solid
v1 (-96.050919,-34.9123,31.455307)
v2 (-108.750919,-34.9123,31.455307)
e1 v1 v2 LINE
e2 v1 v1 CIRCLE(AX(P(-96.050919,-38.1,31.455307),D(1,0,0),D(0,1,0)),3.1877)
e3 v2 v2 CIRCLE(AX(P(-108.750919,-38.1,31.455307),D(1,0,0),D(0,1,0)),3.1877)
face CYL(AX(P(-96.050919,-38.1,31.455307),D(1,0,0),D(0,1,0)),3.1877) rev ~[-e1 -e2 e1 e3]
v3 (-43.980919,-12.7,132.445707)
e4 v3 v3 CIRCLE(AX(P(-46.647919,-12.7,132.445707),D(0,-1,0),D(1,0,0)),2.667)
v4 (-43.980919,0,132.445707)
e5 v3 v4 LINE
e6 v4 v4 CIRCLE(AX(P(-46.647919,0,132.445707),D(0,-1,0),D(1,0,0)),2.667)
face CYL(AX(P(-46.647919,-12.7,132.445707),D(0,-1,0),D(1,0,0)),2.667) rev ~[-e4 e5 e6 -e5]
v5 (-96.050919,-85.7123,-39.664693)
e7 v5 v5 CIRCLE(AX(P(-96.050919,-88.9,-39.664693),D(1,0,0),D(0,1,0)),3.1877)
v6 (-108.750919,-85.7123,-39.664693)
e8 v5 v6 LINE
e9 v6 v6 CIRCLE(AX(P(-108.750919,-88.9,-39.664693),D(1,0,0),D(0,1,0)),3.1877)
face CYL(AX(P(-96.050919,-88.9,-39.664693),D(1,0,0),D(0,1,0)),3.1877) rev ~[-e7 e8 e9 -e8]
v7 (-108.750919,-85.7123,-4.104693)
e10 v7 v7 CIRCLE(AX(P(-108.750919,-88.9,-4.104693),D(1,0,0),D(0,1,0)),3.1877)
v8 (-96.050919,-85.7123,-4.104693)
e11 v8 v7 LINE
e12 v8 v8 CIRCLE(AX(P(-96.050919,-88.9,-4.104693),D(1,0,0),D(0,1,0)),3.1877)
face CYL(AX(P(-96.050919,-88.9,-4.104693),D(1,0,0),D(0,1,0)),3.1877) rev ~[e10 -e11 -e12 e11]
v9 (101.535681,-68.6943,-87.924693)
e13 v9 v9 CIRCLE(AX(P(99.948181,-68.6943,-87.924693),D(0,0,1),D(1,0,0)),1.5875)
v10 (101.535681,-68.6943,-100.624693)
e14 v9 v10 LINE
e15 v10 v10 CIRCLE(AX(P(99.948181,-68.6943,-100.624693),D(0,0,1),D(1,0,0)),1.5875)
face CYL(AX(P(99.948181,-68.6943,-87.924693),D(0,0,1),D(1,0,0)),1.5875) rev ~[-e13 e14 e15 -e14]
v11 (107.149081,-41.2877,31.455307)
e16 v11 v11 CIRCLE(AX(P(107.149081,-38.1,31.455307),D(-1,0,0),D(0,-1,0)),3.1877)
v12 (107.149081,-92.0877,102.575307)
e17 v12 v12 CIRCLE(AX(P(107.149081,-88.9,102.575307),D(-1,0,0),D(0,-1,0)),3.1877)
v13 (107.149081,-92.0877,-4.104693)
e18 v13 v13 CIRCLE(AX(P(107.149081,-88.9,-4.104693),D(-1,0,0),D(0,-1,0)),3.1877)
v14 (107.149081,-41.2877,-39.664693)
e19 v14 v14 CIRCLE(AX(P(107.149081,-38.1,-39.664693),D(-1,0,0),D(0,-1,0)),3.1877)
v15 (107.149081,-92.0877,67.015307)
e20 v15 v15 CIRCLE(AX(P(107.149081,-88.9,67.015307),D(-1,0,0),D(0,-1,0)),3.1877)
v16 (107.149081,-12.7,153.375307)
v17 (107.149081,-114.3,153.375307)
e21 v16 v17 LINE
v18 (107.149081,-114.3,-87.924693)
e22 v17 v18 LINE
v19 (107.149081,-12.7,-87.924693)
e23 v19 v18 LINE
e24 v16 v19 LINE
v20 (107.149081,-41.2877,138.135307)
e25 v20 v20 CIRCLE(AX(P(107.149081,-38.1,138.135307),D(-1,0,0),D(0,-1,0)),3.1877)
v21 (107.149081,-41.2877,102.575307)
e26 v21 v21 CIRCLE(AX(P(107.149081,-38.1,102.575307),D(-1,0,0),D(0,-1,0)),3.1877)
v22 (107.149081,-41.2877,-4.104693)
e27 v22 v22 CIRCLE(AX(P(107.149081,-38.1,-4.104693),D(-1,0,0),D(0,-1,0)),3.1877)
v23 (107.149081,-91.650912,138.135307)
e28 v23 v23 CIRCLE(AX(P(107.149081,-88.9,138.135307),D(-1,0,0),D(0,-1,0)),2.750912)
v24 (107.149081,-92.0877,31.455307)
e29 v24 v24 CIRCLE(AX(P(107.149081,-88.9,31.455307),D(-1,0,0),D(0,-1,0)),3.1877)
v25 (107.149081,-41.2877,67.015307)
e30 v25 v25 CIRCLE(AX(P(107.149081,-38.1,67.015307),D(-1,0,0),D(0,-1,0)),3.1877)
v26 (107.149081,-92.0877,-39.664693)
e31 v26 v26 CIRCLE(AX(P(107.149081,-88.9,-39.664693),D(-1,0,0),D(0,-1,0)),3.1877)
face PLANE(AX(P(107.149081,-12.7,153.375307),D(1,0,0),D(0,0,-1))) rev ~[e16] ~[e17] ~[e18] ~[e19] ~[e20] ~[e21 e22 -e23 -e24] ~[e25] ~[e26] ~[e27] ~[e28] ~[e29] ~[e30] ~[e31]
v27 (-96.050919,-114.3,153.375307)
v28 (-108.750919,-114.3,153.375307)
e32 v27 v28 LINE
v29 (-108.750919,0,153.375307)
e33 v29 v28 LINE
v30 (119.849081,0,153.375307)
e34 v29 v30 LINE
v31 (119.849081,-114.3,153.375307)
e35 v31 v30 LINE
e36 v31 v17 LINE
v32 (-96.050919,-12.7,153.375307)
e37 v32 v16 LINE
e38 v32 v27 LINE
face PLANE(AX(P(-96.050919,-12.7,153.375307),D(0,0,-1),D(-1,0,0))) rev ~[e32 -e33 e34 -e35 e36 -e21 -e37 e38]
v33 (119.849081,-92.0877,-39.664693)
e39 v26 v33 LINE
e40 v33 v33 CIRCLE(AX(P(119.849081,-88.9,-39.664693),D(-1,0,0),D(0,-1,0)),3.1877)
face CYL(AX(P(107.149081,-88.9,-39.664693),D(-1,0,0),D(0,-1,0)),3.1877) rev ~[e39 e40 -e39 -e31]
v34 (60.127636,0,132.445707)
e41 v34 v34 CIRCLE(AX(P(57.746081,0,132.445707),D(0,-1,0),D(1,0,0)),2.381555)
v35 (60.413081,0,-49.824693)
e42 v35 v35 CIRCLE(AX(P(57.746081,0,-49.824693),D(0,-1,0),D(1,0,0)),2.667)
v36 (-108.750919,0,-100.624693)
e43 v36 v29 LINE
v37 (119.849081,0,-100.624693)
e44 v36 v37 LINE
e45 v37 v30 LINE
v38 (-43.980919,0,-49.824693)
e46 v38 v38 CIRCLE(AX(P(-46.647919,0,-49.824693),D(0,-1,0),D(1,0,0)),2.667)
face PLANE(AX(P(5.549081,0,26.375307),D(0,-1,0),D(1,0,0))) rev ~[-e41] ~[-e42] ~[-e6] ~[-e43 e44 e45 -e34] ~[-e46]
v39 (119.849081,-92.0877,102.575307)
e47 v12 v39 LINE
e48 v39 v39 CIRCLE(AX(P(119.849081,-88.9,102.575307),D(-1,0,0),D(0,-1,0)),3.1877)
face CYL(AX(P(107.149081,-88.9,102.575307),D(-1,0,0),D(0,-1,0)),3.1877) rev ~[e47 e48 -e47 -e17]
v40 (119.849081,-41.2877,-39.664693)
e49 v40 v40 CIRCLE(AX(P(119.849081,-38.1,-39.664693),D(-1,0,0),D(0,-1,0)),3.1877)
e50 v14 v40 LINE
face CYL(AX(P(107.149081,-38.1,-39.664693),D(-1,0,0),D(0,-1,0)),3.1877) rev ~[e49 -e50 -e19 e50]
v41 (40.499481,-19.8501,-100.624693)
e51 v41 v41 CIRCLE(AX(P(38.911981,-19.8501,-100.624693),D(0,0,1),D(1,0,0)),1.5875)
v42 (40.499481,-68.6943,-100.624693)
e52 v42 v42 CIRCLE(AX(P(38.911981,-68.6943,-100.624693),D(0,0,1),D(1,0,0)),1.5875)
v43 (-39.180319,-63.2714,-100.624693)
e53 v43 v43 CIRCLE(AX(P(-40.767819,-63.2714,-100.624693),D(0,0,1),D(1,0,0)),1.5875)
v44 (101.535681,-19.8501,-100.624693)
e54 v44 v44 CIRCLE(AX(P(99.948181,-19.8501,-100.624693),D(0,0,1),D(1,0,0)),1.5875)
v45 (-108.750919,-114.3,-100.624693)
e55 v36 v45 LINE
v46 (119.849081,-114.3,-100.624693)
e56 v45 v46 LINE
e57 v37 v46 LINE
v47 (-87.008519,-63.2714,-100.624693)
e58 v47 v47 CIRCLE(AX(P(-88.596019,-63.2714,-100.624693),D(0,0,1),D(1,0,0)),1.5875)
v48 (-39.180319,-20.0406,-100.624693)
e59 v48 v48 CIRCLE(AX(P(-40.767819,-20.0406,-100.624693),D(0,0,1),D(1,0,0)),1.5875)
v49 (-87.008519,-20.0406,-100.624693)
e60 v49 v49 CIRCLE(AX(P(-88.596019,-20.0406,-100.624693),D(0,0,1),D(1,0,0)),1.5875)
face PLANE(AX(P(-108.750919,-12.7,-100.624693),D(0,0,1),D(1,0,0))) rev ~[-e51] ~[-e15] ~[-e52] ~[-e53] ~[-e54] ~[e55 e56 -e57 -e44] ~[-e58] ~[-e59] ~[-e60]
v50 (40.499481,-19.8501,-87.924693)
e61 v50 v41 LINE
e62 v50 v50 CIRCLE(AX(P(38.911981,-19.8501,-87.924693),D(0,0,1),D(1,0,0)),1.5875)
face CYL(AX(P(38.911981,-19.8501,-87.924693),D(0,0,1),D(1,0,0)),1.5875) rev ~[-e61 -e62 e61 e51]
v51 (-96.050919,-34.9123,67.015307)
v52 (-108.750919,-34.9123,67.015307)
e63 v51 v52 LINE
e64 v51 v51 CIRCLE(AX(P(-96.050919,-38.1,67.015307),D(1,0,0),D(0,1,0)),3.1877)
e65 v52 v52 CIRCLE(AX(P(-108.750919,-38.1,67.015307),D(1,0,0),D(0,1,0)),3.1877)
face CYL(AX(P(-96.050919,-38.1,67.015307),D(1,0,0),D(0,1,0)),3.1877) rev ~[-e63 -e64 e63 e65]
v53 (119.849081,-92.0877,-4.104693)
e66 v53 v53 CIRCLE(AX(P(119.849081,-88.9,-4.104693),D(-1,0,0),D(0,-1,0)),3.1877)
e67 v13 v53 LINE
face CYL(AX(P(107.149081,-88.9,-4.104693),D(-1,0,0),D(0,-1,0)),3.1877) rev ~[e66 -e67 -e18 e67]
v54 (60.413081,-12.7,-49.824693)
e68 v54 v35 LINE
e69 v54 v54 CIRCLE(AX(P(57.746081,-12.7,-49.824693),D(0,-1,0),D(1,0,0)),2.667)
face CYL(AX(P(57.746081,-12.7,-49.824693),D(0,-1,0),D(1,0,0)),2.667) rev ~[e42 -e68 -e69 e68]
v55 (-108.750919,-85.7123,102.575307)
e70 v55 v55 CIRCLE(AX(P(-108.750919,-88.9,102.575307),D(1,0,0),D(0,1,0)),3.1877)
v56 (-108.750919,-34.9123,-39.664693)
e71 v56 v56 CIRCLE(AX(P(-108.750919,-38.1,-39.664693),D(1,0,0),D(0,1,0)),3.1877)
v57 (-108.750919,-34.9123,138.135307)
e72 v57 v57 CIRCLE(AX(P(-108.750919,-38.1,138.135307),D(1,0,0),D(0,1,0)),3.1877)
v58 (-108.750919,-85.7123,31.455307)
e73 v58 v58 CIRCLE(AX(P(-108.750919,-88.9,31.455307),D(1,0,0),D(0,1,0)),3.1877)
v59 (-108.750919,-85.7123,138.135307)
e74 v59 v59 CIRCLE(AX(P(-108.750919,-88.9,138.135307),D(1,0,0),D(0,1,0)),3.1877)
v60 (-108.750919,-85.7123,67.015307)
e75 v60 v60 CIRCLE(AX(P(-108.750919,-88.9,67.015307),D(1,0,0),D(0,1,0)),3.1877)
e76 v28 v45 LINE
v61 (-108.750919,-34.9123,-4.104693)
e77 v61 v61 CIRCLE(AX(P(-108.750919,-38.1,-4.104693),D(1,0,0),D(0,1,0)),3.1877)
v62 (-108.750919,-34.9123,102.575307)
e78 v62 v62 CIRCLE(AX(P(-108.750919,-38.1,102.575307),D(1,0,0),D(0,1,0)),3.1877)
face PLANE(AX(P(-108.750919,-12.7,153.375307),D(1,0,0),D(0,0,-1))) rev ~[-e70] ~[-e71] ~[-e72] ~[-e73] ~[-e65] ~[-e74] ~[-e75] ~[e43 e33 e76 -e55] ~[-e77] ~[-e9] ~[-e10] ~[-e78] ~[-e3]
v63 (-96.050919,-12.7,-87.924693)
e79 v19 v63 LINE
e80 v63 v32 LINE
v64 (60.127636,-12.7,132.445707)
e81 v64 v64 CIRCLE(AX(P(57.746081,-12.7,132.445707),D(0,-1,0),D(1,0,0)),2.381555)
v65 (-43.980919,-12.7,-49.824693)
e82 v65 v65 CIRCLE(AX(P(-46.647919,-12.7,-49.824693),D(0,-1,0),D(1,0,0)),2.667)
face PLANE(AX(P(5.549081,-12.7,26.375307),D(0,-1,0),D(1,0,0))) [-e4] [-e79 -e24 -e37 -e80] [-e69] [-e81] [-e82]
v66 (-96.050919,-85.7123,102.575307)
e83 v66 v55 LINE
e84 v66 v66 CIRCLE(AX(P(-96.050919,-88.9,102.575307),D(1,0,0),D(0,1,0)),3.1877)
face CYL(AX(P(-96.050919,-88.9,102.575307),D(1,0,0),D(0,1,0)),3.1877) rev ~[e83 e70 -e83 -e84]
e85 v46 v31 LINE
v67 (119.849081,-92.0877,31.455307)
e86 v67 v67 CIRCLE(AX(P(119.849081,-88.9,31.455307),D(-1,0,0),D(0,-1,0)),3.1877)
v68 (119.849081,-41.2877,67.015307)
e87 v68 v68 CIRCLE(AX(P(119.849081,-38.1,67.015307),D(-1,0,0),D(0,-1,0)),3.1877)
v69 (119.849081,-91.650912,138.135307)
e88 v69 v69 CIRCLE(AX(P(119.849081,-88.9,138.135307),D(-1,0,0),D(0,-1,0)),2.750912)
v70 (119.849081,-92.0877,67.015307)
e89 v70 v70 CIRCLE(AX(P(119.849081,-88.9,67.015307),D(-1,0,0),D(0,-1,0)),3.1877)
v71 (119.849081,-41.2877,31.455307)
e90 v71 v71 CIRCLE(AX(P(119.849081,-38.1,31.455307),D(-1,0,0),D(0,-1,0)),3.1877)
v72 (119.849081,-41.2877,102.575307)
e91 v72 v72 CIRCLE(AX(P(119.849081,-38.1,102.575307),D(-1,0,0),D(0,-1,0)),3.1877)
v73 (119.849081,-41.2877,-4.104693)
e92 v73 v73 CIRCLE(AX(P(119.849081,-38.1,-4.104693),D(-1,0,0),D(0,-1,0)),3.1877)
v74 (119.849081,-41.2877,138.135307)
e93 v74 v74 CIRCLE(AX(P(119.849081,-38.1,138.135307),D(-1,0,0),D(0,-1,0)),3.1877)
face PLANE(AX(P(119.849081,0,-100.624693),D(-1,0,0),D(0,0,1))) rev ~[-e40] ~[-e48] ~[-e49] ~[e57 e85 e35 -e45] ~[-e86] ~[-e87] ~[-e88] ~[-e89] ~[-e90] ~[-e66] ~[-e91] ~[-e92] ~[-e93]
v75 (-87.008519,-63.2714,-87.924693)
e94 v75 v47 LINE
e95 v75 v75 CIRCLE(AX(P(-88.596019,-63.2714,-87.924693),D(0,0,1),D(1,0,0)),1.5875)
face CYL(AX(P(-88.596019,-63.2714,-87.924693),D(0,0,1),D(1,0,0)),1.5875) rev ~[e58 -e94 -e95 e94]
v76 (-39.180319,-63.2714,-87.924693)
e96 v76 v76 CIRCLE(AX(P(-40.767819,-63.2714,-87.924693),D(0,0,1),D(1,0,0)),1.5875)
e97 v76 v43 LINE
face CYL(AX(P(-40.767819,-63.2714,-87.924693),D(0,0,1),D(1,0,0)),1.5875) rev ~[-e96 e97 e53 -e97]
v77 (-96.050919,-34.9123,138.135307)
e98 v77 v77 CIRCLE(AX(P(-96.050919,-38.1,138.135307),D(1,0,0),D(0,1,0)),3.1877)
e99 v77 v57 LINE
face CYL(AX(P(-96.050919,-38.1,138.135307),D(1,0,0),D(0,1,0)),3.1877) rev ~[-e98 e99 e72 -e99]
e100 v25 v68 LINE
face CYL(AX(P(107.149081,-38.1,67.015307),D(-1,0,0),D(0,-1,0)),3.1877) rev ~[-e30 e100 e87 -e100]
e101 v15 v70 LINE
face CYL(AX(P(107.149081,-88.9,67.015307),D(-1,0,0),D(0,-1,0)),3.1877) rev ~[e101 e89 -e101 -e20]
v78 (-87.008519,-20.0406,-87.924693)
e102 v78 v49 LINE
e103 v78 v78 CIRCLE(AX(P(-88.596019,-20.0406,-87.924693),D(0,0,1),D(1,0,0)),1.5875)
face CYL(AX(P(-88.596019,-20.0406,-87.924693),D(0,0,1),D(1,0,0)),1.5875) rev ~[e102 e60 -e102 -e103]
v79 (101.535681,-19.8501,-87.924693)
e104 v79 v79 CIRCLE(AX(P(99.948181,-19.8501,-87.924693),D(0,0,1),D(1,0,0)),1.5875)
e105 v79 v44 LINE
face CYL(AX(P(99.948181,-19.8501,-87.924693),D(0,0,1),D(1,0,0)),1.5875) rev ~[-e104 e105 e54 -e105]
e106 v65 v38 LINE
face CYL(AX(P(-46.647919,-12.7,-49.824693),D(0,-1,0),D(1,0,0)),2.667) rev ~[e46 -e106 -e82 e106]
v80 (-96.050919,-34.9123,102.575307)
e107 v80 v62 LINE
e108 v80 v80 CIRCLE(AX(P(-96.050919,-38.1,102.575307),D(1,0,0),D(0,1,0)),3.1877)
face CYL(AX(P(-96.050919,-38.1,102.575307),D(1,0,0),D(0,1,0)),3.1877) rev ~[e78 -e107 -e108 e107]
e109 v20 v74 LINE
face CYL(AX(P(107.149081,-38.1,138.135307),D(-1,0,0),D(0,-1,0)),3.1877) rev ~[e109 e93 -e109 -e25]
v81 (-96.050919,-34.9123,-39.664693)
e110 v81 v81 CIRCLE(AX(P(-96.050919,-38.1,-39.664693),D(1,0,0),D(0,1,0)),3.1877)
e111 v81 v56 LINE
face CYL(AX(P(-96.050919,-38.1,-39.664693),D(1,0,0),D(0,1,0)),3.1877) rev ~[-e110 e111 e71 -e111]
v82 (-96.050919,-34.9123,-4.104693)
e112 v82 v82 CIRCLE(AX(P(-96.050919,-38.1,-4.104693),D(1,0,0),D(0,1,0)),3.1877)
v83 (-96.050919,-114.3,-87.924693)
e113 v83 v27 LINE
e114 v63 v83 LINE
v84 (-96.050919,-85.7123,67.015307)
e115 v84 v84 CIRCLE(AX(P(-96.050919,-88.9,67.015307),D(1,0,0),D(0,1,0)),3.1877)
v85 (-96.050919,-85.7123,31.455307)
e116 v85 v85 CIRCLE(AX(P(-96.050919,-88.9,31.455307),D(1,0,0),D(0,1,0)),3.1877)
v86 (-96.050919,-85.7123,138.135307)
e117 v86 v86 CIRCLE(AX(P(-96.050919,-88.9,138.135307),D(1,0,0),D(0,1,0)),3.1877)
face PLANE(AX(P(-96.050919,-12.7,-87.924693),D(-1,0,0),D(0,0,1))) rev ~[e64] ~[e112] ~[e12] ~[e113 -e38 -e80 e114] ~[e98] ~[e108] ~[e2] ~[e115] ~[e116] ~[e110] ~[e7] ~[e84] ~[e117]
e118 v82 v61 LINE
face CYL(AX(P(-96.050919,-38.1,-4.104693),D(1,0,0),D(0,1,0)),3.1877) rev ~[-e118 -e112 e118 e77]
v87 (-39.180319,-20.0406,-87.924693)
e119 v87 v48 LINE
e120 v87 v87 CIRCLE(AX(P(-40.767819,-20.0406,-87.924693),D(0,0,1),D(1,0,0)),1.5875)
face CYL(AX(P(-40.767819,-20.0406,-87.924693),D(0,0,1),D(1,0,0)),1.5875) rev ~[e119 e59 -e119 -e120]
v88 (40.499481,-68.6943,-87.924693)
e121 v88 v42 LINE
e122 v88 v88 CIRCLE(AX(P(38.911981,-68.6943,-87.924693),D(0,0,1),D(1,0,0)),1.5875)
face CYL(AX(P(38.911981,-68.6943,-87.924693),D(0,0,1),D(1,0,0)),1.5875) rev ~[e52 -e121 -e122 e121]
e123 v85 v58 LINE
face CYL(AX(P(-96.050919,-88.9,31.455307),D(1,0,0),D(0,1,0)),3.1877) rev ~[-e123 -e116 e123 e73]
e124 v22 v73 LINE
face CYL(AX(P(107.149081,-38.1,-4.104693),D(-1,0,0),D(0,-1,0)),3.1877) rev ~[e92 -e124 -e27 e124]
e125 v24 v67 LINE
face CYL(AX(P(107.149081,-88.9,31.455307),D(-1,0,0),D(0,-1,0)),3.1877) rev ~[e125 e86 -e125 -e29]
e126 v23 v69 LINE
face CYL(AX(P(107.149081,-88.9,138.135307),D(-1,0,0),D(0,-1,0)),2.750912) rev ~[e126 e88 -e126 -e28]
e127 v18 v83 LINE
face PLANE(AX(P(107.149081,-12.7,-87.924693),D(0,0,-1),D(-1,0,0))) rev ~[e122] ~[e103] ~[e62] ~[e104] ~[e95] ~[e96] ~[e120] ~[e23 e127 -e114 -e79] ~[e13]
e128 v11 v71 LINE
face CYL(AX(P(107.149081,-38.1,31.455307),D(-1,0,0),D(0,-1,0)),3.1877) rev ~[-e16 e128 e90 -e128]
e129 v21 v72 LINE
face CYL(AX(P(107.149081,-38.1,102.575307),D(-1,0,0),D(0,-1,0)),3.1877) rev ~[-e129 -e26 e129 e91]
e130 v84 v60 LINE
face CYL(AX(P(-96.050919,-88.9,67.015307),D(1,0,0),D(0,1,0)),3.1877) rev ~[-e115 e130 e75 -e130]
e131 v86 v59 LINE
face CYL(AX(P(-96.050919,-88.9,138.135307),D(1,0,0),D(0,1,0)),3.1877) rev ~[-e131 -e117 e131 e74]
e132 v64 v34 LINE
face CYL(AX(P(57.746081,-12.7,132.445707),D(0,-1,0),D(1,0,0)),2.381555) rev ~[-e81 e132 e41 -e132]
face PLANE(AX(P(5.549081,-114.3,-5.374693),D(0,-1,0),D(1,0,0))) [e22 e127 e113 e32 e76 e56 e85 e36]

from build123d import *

# Parameters (mm, degrees)
F0_W      = 228.6
F0_H      = 254
F1_DEPTH  = 12.7
F3_DEPTH  = 101.6
F4_R      = 2.667
F4_R_2    = 2.381555
F5_DEPTH  = 25.4
F7_R      = 3.1877
F8_DEPTH  = 25.4
F6_R      = 3.1877
F6_R_2    = 2.750912
F9_DEPTH  = 25.4
F10_R     = 1.5875
F11_DEPTH = 12.701


with BuildPart() as f1:
    # F0 (on Front) → F1 (new body)
    with BuildSketch(Plane.XZ):
        with Locations((5.549081, 26.375307)):
            Rectangle(F0_W, F0_H)
    extrude(amount=F1_DEPTH)

    # F2 (on face) → F3 (join)
    with BuildSketch(Plane.XZ.offset(12.7)):
        Polygon((-96.050919, 153.375307), (-108.750919, 153.375307), (-108.750919, -100.624693), (119.849081, -100.624693), (119.849081, 153.375307), (107.149081, 153.375307), (107.149081, -87.924693), (-96.050919, -87.924693), align=None)
    extrude(amount=F3_DEPTH)

    # F4 (on face) → F5 (cut)
    with BuildSketch(Plane.XZ.offset(12.7)):
        with Locations((-46.647919, 132.445707)):
            Circle(F4_R)
        with Locations((57.746081, 132.445707)):
            Circle(F4_R_2)
        with Locations((57.746081, -49.824693)):
            Circle(F4_R)
        with Locations((-46.647919, -49.824693)):
            Circle(F4_R)
    extrude(amount=-F5_DEPTH, mode=Mode.SUBTRACT)

    # F7 (on face) → F8 (cut)
    with BuildSketch(Plane.YZ.offset(-96.050919)):
        with Locations((-88.9, 102.575307)):
            Circle(F7_R)
        with Locations((-88.9, 138.135307)):
            Circle(F7_R)
        with Locations((-38.1, 138.135307)):
            Circle(F7_R)
        with Locations((-38.1, 102.575307)):
            Circle(F7_R)
        with Locations((-38.1, 67.015307)):
            Circle(F7_R)
        with Locations((-88.9, 67.015307)):
            Circle(F7_R)
        with Locations((-38.1, 31.455307)):
            Circle(F7_R)
        with Locations((-88.9, 31.455307)):
            Circle(F7_R)
        with Locations((-88.9, -39.664693)):
            Circle(F7_R)
        with Locations((-88.9, -4.104693)):
            Circle(F7_R)
        with Locations((-38.1, -4.104693)):
            Circle(F7_R)
        with Locations((-38.1, -39.664693)):
            Circle(F7_R)
    extrude(amount=-F8_DEPTH, mode=Mode.SUBTRACT)

    # F6 (on face) → F9 (cut)
    with BuildSketch(Plane(origin=(107.149081, 0, 0), x_dir=(0, -1, 0), z_dir=(-1, 0, 0))):
        with Locations((38.1, 138.135307)):
            Circle(F6_R)
        with Locations((88.9, 138.135307)):
            Circle(F6_R_2)
        with Locations((38.1, 102.575307)):
            Circle(F6_R)
        with Locations((88.9, 102.575307)):
            Circle(F6_R)
        with Locations((38.1, 67.015307)):
            Circle(F6_R)
        with Locations((88.9, 67.015307)):
            Circle(F6_R)
        with Locations((38.1, 31.455307)):
            Circle(F6_R)
        with Locations((88.9, 31.455307)):
            Circle(F6_R)
        with Locations((38.1, -4.104693)):
            Circle(F6_R)
        with Locations((88.9, -4.104693)):
            Circle(F6_R)
        with Locations((38.1, -39.664693)):
            Circle(F6_R)
        with Locations((88.9, -39.664693)):
            Circle(F6_R)
    extrude(amount=-F9_DEPTH, mode=Mode.SUBTRACT)

    # F10 (on face) → F11 (cut, through all)
    with BuildSketch(Plane.XY.offset(-87.924693)):
        with Locations((38.911981, -19.8501)):
            Circle(F10_R)
        with Locations((99.948181, -19.8501)):
            Circle(F10_R)
        with Locations((99.948181, -68.6943)):
            Circle(F10_R)
        with Locations((38.911981, -68.6943)):
            Circle(F10_R)
        with Locations((-40.767819, -20.0406)):
            Circle(F10_R)
        with Locations((-40.767819, -63.2714)):
            Circle(F10_R)
        with Locations((-88.596019, -63.2714)):
            Circle(F10_R)
        with Locations((-88.596019, -20.0406)):
            Circle(F10_R)
    extrude(amount=-F11_DEPTH, mode=Mode.SUBTRACT)


solid = f1.part
